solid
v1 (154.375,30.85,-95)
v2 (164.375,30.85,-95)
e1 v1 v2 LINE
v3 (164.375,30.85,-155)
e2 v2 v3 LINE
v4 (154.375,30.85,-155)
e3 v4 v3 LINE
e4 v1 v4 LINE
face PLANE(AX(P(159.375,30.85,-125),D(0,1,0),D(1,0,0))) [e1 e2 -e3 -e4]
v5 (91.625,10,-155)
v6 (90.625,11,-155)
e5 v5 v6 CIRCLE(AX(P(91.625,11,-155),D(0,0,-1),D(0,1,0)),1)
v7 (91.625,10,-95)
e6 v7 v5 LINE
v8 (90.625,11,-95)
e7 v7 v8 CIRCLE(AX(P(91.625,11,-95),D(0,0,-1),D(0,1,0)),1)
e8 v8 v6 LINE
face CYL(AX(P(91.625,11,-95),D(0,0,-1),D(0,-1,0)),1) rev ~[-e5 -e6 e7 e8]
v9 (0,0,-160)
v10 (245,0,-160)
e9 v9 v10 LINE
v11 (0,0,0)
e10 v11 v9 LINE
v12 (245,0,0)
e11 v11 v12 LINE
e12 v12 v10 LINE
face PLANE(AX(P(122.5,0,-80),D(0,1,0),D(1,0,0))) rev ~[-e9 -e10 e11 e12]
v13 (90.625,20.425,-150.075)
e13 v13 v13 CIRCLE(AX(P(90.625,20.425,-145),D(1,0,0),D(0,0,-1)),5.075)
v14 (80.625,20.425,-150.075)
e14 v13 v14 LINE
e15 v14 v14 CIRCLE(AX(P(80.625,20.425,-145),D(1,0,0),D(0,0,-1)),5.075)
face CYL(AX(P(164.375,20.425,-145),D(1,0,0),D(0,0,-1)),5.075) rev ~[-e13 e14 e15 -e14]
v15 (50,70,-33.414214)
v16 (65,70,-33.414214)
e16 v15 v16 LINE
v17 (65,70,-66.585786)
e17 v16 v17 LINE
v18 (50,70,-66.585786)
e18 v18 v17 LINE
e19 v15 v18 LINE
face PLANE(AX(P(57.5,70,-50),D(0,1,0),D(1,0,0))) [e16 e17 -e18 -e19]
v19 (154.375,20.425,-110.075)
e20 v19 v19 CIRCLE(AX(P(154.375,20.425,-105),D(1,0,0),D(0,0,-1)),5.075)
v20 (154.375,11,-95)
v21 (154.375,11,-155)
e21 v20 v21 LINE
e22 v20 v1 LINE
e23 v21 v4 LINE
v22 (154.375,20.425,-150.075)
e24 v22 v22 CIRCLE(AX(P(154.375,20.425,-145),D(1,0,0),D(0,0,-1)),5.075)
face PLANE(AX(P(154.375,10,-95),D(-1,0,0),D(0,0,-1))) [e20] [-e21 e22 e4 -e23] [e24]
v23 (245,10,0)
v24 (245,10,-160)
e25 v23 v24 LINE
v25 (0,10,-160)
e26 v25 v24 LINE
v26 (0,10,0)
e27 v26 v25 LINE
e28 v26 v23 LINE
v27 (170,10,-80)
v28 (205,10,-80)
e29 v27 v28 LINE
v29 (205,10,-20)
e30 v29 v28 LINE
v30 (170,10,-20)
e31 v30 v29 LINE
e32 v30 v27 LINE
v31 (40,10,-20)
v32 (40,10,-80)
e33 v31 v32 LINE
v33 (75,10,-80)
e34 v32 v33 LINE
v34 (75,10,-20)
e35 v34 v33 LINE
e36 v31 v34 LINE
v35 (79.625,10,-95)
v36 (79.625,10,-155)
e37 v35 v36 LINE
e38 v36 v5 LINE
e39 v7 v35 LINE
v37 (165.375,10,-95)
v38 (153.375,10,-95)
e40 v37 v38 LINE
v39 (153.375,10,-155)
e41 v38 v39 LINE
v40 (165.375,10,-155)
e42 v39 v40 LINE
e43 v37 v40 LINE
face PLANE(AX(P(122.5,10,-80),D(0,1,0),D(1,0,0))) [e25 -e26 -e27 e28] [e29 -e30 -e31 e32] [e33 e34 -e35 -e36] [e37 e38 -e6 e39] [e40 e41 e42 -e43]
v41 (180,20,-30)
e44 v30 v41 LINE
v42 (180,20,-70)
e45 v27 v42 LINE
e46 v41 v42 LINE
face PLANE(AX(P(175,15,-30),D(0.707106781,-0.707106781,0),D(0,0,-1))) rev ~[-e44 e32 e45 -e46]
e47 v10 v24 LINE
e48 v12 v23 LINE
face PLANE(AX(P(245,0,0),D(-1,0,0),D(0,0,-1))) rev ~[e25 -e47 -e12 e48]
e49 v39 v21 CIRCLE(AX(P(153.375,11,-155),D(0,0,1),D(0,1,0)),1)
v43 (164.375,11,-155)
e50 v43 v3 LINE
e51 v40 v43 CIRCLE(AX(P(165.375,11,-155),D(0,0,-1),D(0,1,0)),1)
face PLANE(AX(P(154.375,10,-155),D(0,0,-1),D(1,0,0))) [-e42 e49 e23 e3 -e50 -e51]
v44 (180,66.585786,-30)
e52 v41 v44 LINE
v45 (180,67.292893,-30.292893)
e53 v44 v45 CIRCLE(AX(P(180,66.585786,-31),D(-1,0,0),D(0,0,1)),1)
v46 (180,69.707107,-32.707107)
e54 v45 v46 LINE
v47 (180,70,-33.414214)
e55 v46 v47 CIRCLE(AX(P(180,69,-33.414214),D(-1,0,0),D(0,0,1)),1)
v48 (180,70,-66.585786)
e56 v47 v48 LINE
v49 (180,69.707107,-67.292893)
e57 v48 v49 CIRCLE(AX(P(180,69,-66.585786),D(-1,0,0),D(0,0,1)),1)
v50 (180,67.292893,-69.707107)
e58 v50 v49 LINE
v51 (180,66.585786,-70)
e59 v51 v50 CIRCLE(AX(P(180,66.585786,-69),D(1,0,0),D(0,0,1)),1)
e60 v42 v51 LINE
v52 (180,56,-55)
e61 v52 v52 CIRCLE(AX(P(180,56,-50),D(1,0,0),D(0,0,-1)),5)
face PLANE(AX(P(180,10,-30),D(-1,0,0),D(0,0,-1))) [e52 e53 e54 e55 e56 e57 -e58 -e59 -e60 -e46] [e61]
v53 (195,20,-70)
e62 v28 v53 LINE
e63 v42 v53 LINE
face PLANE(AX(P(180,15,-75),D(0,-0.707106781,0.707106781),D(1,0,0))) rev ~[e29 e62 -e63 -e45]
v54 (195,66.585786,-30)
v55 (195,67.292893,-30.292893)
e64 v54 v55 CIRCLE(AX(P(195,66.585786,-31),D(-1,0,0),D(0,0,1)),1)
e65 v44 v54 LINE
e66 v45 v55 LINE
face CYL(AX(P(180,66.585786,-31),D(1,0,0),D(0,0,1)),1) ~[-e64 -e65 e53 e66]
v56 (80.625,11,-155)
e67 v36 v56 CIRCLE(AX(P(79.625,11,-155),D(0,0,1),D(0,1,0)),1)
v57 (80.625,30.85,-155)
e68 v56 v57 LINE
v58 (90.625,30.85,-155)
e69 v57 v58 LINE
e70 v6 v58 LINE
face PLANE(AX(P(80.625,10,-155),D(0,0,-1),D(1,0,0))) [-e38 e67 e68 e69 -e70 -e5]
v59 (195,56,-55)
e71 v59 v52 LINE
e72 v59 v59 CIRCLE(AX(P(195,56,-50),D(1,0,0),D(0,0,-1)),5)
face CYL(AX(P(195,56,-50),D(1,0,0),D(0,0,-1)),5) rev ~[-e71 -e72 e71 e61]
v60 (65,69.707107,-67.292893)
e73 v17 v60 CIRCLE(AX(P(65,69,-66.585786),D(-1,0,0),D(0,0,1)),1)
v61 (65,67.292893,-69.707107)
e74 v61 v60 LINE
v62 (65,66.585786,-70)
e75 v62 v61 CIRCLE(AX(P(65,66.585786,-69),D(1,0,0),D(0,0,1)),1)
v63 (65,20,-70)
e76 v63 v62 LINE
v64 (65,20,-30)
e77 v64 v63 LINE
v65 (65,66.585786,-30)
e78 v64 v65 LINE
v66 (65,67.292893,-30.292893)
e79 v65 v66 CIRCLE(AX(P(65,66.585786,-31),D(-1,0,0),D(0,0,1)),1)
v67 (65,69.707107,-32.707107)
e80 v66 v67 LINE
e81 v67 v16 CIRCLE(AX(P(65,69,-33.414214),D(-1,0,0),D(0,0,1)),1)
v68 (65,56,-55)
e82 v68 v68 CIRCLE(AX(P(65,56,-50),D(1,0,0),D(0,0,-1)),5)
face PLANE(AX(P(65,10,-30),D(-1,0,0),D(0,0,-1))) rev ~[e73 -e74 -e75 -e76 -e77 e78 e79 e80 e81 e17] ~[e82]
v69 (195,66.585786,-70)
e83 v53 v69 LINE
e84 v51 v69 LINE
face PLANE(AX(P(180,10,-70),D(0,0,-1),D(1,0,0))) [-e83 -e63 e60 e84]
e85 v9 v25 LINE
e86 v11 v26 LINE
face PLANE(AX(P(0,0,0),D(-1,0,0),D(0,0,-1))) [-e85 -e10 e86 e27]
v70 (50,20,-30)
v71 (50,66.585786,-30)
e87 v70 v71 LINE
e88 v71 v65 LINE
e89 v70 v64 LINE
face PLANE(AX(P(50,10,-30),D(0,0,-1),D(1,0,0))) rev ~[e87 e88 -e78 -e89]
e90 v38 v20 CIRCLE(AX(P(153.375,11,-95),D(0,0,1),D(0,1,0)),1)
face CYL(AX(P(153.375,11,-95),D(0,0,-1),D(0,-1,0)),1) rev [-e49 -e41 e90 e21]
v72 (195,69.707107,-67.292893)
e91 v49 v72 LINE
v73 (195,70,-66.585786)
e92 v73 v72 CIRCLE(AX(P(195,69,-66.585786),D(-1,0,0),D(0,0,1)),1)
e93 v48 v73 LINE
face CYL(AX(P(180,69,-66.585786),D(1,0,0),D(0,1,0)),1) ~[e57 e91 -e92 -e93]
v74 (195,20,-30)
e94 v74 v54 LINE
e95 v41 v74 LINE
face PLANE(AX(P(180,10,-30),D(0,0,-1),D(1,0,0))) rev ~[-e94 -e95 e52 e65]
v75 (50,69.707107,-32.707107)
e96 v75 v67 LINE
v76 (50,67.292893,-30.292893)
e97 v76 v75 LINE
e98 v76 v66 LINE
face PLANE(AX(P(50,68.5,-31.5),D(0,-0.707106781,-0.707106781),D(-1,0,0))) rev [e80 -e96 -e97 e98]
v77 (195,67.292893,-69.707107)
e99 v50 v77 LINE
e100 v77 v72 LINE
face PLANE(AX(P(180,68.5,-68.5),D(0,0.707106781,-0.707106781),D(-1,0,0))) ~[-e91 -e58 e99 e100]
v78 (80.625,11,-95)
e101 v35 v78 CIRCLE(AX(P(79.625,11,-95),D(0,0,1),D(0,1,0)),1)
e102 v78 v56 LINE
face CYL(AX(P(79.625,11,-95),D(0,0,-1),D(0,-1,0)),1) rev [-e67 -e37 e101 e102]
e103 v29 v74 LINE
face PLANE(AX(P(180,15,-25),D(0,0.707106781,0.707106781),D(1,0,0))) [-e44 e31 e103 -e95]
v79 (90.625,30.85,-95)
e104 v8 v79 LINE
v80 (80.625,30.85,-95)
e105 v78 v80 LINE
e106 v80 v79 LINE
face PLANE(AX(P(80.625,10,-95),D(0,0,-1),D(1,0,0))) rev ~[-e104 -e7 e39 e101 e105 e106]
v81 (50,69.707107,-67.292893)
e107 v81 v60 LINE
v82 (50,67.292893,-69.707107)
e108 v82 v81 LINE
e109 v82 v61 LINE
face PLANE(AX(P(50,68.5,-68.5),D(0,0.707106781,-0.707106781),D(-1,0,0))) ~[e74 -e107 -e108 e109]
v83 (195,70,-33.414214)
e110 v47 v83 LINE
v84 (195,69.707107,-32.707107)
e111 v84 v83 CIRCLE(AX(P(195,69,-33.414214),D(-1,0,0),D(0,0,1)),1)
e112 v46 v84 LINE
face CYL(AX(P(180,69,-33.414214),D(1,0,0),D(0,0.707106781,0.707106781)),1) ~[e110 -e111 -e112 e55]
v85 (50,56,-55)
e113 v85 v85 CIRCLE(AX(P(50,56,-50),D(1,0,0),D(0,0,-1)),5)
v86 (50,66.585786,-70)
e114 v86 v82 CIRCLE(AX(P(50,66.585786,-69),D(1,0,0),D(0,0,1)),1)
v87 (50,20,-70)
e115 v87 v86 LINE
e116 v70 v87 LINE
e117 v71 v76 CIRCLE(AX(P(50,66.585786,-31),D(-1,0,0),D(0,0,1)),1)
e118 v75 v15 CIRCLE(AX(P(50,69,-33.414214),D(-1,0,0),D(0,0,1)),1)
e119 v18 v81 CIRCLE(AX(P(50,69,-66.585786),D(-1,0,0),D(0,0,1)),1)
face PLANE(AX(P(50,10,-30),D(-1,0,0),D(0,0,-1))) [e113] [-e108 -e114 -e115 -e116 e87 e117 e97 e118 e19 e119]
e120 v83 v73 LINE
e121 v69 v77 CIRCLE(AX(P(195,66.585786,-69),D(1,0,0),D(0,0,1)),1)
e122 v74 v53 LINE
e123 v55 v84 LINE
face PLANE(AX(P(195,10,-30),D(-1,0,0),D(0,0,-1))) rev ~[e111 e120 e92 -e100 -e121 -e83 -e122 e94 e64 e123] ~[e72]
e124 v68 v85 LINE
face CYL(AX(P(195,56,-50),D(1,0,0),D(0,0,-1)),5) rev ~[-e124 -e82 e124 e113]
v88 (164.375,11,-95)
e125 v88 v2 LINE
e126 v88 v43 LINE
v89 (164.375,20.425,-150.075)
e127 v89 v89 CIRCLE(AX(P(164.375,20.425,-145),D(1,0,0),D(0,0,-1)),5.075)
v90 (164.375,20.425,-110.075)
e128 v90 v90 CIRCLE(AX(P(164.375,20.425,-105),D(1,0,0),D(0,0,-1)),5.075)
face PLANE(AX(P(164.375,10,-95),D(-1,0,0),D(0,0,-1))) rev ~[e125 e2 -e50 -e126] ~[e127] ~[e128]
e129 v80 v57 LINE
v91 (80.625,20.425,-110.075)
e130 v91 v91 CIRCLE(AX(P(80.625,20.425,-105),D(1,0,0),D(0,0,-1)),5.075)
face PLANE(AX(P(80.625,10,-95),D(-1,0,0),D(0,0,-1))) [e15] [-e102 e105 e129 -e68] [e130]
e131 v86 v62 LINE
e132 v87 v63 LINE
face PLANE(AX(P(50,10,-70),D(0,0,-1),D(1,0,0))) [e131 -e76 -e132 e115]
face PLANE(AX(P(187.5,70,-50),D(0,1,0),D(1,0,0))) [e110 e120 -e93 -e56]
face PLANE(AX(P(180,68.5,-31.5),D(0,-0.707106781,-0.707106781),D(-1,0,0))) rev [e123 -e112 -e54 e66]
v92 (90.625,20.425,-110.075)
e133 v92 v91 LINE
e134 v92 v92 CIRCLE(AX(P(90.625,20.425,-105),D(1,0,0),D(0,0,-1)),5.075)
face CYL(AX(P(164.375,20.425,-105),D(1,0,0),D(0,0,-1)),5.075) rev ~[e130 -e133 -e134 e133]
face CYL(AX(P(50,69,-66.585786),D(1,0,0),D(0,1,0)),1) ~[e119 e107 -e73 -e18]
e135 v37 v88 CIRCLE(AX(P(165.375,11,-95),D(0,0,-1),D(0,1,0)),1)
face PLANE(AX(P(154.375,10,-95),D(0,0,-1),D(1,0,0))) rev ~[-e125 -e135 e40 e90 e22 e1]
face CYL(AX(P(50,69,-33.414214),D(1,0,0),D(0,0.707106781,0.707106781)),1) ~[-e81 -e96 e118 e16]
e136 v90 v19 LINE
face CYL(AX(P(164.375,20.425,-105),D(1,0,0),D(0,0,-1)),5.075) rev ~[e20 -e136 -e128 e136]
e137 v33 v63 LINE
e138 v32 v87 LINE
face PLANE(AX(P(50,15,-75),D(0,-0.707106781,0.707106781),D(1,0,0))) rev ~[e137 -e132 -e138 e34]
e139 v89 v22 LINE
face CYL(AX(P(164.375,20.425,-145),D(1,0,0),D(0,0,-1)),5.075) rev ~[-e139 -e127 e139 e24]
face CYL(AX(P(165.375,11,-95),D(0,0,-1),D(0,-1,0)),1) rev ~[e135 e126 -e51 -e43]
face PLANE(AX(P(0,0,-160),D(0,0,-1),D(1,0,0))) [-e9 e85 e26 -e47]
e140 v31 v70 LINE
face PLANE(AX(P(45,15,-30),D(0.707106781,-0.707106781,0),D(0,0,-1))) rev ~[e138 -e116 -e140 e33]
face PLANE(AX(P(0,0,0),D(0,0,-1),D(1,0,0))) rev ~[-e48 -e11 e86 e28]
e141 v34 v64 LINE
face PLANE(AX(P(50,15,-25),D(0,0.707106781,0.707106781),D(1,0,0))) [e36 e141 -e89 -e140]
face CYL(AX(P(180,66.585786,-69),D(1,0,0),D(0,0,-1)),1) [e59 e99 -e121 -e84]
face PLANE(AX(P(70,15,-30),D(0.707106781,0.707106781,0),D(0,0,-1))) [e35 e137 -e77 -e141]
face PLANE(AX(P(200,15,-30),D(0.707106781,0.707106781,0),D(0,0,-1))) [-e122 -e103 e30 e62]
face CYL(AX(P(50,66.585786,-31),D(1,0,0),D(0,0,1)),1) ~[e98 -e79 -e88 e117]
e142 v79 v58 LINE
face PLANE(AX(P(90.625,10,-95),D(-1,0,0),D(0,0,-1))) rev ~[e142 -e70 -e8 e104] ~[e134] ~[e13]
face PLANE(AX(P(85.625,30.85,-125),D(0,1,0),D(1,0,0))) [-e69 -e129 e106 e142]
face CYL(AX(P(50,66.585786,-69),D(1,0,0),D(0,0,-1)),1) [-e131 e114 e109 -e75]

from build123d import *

# Parameters (mm, degrees)
SKETCH1_W           = 245
SKETCH1_H           = 160
BOSS_EXTRUDE1_DEPTH = 10
SKETCH2_W           = 15
SKETCH2_H           = 40
BOSS_EXTRUDE3_DEPTH = 60
SKETCH3_R           = 5
CUT_EXTRUDE1_DEPTH  = 146
CHAMFER1_SIZE       = 10
CHAMFER2_SIZE       = 3
FILLET1_R           = 1
SKETCH4_W           = 10
SKETCH4_H           = 60
BOSS_EXTRUDE4_DEPTH = 20.85
SKETCH7_R           = 5.075
CUT_EXTRUDE2_DEPTH  = 86
FILLET2_R           = 1


with BuildPart() as part:
    # Sketch1 → Boss-Extrude1 (new body)
    with BuildSketch(Plane(origin=(0, 0, 0), x_dir=(1, 0, 0), z_dir=(0, 1, 0))):
        with Locations((122.5, 80)):
            Rectangle(SKETCH1_W, SKETCH1_H)
    extrude(amount=BOSS_EXTRUDE1_DEPTH)

    # Sketch2 → Boss-Extrude3 (add)
    with BuildSketch(Plane(origin=(0, 10, 0), x_dir=(1, 0, 0), z_dir=(0, 1, 0))):
        with Locations((57.5, 50)):
            Rectangle(SKETCH2_W, SKETCH2_H)
        with Locations((187.5, 50)):
            Rectangle(SKETCH2_W, SKETCH2_H)
    extrude(amount=BOSS_EXTRUDE3_DEPTH)

    # Sketch3 → Cut-Extrude1 (cut)
    with BuildSketch(Plane(origin=(195, 0, 0), x_dir=(0, 0, -1), z_dir=(1, 0, 0))):
        with Locations((50, 56)):
            Circle(SKETCH3_R)
    extrude(amount=-CUT_EXTRUDE1_DEPTH, mode=Mode.SUBTRACT)

    # Chamfer1
    chamfer1_edges = [part.edges().sort_by_distance(p)[0] for p in [
        (65, 10, -50),
        (57.5, 10, -70),
        (50, 10, -50),
        (57.5, 10, -30),
        (195, 10, -50),
        (187.5, 10, -70),
        (180, 10, -50),
        (187.5, 10, -30),
    ]]
    chamfer(chamfer1_edges, length=CHAMFER1_SIZE)

    # Chamfer2
    chamfer2_edges = [part.edges().sort_by_distance(p)[0] for p in [
        (57.5, 70, -70),
        (57.5, 70, -30),
        (187.5, 70, -70),
        (187.5, 70, -30),
    ]]
    chamfer(chamfer2_edges, length=CHAMFER2_SIZE)

    # Fillet1
    fillet1_edges = [part.edges().sort_by_distance(p)[0] for p in [
        (57.5, 70, -67),
        (57.5, 70, -33),
        (57.5, 67, -30),
        (57.5, 67, -70),
        (187.5, 70, -33),
        (187.5, 70, -67),
        (187.5, 67, -70),
        (187.5, 67, -30),
    ]]
    fillet(fillet1_edges, radius=FILLET1_R)

    # Sketch4 → Boss-Extrude4 (add)
    with BuildSketch(Plane(origin=(0, 10, 0), x_dir=(1, 0, 0), z_dir=(0, 1, 0))):
        with Locations((85.625, 125)):
            Rectangle(SKETCH4_W, SKETCH4_H)
        with Locations((159.375, 125)):
            Rectangle(SKETCH4_W, SKETCH4_H)
    extrude(amount=BOSS_EXTRUDE4_DEPTH)

    # Sketch7 → Cut-Extrude2 (cut)
    with BuildSketch(Plane(origin=(164.375, 0, 0), x_dir=(0, 0, -1), z_dir=(1, 0, 0))):
        with Locations((105, 20.425)):
            Circle(SKETCH7_R)
        with Locations((145, 20.425)):
            Circle(SKETCH7_R)
    extrude(amount=-CUT_EXTRUDE2_DEPTH, mode=Mode.SUBTRACT)

    # Fillet2
    fillet2_edges = [part.edges().sort_by_distance(p)[0] for p in [
        (90.625, 10, -125),
        (80.625, 10, -125),
        (164.375, 10, -125),
        (154.375, 10, -125),
    ]]
    fillet(fillet2_edges, radius=FILLET2_R)


solid = part.part
